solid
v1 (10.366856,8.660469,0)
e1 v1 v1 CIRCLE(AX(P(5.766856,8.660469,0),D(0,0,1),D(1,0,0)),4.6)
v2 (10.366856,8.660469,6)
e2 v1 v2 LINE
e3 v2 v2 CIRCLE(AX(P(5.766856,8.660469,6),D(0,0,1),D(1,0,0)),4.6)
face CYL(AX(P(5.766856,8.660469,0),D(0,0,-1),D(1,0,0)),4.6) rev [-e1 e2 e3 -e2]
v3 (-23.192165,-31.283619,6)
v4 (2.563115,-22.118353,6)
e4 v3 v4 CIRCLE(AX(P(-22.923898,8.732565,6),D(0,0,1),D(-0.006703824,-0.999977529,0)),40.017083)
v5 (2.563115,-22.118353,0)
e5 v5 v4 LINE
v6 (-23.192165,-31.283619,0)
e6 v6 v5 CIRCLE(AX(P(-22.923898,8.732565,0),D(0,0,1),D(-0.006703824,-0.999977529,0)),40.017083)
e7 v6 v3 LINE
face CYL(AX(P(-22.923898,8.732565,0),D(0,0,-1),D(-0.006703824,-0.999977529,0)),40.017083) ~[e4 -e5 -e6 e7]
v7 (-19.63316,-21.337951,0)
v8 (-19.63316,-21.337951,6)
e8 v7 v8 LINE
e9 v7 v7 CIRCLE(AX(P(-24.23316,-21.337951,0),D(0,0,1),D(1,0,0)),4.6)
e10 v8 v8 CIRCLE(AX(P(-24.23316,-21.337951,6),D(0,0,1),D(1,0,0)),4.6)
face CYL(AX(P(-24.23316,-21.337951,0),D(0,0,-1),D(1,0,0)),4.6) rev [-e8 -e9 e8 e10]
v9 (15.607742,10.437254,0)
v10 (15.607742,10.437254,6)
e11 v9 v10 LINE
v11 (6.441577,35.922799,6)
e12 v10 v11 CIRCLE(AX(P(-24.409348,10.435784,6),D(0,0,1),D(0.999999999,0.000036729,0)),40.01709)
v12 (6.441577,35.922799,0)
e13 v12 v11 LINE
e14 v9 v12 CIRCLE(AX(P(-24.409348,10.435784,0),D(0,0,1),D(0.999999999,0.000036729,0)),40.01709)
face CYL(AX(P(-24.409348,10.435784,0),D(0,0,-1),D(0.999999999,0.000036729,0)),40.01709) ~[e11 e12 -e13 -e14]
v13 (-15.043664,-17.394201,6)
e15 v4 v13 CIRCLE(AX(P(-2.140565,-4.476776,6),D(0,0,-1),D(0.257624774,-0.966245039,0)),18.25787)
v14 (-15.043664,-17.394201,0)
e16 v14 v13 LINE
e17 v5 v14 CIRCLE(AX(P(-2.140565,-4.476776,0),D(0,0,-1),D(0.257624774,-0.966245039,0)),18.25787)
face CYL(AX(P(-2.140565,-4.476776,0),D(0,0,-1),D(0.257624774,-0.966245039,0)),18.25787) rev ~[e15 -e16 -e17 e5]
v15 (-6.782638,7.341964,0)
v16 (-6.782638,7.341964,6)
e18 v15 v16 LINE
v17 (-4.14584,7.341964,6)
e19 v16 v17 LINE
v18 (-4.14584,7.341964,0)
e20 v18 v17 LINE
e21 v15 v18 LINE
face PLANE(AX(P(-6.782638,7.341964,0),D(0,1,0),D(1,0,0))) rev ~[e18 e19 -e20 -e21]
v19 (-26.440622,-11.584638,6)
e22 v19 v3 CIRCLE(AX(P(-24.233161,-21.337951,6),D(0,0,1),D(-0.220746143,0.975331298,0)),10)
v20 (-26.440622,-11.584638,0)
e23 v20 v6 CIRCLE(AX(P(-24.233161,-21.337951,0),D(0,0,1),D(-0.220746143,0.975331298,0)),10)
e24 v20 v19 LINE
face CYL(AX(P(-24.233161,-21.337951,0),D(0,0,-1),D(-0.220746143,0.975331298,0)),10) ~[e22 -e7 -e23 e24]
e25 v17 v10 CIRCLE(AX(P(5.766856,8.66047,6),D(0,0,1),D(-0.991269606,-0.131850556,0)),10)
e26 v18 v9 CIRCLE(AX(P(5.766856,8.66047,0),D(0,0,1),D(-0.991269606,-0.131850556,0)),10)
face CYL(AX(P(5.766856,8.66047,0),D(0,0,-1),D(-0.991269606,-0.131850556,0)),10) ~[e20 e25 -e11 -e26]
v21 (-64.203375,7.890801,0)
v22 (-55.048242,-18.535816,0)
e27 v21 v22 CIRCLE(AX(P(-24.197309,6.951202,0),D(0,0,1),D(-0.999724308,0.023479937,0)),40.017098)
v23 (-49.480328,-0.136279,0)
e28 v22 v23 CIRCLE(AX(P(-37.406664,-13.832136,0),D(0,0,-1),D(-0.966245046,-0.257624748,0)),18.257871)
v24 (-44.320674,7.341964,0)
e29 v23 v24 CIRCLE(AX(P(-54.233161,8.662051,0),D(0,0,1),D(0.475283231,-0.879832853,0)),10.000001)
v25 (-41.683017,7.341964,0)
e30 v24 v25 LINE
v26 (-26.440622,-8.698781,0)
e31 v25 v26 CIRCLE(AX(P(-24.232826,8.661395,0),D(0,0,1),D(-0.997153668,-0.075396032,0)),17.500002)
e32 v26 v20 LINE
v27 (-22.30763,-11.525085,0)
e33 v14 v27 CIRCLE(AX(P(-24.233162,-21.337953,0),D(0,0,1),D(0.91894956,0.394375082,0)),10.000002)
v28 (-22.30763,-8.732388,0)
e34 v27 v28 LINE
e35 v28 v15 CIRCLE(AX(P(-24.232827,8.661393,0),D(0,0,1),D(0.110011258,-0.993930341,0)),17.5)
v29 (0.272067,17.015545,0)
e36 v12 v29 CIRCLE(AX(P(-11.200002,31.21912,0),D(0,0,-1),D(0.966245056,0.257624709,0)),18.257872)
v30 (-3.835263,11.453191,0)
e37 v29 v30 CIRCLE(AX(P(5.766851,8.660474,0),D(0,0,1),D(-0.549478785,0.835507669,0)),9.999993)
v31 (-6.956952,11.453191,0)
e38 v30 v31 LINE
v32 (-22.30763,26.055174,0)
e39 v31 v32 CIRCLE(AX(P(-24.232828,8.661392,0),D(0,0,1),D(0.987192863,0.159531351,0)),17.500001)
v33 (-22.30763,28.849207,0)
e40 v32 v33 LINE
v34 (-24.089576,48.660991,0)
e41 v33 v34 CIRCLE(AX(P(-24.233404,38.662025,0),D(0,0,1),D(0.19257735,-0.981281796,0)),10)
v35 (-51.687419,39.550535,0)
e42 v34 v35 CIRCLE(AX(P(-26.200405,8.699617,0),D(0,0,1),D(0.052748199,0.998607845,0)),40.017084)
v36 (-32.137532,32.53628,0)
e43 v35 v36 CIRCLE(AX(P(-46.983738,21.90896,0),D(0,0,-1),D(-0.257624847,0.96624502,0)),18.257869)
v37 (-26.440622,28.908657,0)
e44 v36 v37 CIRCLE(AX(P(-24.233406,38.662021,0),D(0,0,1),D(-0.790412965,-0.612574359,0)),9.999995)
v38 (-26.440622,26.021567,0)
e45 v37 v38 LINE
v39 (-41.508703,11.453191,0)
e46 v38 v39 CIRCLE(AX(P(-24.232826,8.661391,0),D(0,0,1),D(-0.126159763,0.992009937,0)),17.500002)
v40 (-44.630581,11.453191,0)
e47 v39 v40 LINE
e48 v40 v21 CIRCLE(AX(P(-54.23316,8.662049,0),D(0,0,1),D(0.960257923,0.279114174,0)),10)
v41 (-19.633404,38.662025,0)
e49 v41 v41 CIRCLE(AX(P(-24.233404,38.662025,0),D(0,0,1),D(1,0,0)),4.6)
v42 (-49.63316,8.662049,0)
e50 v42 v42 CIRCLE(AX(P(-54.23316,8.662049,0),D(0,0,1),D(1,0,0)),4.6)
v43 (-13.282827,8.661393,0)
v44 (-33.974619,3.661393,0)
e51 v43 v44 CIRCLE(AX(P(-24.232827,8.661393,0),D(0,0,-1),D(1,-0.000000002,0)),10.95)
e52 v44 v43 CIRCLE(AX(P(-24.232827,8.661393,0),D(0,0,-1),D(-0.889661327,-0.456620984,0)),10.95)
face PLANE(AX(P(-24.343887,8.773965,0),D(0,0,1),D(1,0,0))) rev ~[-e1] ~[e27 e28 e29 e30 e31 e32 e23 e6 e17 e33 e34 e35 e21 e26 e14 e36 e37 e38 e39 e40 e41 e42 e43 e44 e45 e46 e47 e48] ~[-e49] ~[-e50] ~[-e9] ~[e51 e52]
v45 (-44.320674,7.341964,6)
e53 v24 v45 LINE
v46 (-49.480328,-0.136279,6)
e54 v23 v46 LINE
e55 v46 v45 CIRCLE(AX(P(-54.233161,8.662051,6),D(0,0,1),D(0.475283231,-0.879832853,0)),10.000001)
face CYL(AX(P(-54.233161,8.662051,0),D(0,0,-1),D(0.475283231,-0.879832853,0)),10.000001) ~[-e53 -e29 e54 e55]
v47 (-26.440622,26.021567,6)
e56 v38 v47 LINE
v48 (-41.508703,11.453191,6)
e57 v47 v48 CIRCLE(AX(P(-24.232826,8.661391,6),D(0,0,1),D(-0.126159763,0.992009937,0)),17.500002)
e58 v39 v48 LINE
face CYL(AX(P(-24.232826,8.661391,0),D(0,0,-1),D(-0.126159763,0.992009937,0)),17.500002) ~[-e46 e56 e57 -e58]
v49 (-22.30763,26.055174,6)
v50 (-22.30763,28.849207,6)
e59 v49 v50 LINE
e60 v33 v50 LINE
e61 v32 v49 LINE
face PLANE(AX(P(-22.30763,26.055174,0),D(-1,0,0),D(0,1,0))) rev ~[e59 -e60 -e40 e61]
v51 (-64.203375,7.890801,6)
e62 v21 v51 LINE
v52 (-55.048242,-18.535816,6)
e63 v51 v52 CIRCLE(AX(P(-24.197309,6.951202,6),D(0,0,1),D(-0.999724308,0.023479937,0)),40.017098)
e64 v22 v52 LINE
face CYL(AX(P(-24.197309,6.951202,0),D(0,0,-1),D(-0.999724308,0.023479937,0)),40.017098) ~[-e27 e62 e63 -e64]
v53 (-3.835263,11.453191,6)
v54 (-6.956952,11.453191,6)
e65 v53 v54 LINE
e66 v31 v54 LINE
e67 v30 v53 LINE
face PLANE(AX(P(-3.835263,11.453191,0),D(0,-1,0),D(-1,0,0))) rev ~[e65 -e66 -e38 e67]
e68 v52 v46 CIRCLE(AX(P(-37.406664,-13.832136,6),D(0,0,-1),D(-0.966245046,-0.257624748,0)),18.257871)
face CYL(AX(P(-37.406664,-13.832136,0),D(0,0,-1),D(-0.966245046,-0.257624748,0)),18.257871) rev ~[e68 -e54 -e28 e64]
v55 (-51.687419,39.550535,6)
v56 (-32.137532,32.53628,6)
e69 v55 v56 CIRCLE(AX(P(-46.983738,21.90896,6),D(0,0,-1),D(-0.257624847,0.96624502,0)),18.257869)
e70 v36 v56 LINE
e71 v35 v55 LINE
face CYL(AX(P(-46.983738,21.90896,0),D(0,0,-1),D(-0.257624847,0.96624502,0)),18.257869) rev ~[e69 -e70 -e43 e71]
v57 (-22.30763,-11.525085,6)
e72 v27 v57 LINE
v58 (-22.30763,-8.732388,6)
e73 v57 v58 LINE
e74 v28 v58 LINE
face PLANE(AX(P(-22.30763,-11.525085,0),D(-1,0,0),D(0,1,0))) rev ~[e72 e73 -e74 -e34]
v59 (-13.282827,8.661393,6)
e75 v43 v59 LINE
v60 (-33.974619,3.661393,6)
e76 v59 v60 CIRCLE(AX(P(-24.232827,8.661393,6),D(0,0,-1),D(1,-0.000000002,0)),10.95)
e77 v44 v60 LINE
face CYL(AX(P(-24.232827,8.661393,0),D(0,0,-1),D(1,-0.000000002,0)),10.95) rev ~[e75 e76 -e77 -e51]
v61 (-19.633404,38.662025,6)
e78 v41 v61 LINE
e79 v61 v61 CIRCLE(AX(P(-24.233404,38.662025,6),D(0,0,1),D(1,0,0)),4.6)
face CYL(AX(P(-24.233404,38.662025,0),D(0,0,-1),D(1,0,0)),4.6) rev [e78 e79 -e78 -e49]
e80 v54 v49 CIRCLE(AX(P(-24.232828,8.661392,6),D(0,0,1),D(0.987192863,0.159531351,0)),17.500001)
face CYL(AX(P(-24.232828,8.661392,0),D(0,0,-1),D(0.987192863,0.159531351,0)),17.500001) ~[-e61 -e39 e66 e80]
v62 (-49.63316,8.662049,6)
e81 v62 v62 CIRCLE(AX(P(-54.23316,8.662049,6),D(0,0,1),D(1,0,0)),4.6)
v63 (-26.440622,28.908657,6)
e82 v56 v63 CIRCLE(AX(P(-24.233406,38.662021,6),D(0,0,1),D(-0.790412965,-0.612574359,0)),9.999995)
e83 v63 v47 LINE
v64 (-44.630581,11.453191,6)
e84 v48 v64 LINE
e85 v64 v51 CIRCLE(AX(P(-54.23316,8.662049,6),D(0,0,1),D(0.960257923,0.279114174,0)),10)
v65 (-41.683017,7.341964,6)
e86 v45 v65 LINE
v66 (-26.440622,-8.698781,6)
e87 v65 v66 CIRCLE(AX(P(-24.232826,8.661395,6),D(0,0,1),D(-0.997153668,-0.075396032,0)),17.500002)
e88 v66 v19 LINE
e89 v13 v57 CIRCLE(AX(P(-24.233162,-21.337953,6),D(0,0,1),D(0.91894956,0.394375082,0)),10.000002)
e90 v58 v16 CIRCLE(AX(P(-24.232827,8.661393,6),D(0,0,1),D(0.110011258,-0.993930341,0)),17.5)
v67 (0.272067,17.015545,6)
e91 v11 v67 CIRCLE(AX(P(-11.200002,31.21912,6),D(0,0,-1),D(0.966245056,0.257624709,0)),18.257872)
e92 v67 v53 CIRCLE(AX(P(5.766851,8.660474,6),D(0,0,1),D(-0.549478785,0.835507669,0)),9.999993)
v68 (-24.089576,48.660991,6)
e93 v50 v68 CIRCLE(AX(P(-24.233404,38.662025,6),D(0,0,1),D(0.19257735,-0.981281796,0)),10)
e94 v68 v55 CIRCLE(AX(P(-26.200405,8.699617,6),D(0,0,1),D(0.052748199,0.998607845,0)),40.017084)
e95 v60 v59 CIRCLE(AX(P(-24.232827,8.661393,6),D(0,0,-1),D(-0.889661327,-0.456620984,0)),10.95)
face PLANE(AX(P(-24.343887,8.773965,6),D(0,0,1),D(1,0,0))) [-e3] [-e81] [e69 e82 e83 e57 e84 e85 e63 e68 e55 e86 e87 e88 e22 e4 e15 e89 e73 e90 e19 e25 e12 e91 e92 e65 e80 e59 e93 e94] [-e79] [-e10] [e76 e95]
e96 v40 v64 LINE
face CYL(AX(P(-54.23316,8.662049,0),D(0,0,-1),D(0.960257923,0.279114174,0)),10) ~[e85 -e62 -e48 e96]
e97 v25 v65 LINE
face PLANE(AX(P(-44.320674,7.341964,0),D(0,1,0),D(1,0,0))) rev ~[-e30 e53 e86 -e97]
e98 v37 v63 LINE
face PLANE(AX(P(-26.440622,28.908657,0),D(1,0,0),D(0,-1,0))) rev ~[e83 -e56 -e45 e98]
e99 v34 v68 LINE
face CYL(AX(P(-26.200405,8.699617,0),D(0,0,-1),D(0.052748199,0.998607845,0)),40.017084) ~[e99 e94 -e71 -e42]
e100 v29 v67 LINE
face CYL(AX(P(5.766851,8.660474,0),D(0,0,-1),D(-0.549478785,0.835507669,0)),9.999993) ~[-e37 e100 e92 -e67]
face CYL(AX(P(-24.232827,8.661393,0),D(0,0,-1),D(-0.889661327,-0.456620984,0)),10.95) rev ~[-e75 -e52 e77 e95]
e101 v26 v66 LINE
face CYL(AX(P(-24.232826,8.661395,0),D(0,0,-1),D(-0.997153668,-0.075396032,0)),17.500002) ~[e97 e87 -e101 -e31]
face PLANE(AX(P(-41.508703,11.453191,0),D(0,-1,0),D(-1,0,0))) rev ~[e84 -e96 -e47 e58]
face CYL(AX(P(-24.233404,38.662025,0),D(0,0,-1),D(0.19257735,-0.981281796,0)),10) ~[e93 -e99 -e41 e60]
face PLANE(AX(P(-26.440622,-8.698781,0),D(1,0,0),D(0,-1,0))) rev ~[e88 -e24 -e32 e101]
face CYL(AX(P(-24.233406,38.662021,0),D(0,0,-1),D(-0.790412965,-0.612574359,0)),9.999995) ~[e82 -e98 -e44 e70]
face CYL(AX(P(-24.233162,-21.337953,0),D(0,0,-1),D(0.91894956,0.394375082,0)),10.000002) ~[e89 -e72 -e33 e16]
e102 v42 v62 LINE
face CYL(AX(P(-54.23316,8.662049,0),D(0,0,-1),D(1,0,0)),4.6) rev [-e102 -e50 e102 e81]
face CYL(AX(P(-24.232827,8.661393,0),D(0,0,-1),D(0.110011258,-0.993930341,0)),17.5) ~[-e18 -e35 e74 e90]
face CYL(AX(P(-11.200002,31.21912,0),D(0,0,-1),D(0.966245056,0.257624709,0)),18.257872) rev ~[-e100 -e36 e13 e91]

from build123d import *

# Parameters (mm, degrees)
F0_R     = 4.6
F1_DEPTH = 6


with BuildPart() as f1:
    # F0 (on Top) → F1 (new body)
    with BuildSketch(Plane.XY):
        with BuildLine():
            Line((-3.835263, 11.453191), (-6.956952, 11.453191))
            ThreePointArc((-6.956952, 11.453191), (-12.171535, 21.34111), (-22.30763, 26.055174))
            Line((-22.30763, 26.055174), (-22.30763, 28.849207))
            ThreePointArc((-22.30763, 28.849207), (-14.273609, 39.557847), (-24.089576, 48.660991))
            ThreePointArc((-24.089576, 48.660991), (-38.744791, 46.699688), (-51.687419, 39.550535))
            ThreePointArc((-51.687419, 39.550535), (-40.817893, 39.09419), (-32.137532, 32.53628))
            ThreePointArc((-32.137532, 32.53628), (-29.6046, 30.226964), (-26.440622, 28.908657))
            Line((-26.440622, 28.908657), (-26.440622, 26.021567))
            ThreePointArc((-26.440622, 26.021567), (-36.396821, 21.242619), (-41.508703, 11.453191))
            Line((-41.508703, 11.453191), (-44.630581, 11.453191))
            ThreePointArc((-44.630581, 11.453191), (-56.023815, 18.500421), (-64.203375, 7.890801))
            ThreePointArc((-64.203375, 7.890801), (-62.00961, -6.148342), (-55.048242, -18.535816))
            ThreePointArc((-55.048242, -18.535816), (-54.881922, -8.54392), (-49.480328, -0.136279))
            ThreePointArc((-49.480328, -0.136279), (-46.002187, 2.983046), (-44.320674, 7.341964))
            Line((-44.320674, 7.341964), (-41.683017, 7.341964))
            ThreePointArc((-41.683017, 7.341964), (-36.918861, -3.393255), (-26.440622, -8.698781))
            Line((-26.440622, -8.698781), (-26.440622, -11.584638))
            ThreePointArc((-26.440622, -11.584638), (-34.099904, -22.965024), (-23.192165, -31.283619))
            ThreePointArc((-23.192165, -31.283619), (-9.507609, -28.968498), (2.563115, -22.118353))
            ThreePointArc((2.563115, -22.118353), (-6.872057, -22.110914), (-15.043664, -17.394201))
            ThreePointArc((-15.043664, -17.394201), (-17.94845, -13.559621), (-22.30763, -11.525085))
            Line((-22.30763, -11.525085), (-22.30763, -8.732388))
            ThreePointArc((-22.30763, -8.732388), (-11.64523, -3.496008), (-6.782638, 7.341964))
            Line((-6.782638, 7.341964), (-4.14584, 7.341964))
            ThreePointArc((-4.14584, 7.341964), (7.314918, -1.218979), (15.607742, 10.437254))
            ThreePointArc((15.607742, 10.437254), (13.246291, 23.979061), (6.441577, 35.922799))
            ThreePointArc((6.441577, 35.922799), (6.157192, 25.5554), (0.272067, 17.015545))
            ThreePointArc((0.272067, 17.015545), (-2.277652, 14.600662), (-3.835263, 11.453191))
        make_face()
        with Locations((-24.23316, -21.337951)):
            Circle(F0_R, mode=Mode.SUBTRACT)
        with Locations((-54.23316, 8.662049)):
            Circle(F0_R, mode=Mode.SUBTRACT)
        with BuildLine():
            ThreePointArc((-33.974619, 3.661393), (-26.80478, 19.305056), (-13.282827, 8.661393))
            ThreePointArc((-13.282827, 8.661393), (-21.660874, -1.98227), (-33.974619, 3.661393))
        make_face(mode=Mode.SUBTRACT)
        with Locations((5.766856, 8.660469)):
            Circle(F0_R, mode=Mode.SUBTRACT)
        with Locations((-24.233404, 38.662025)):
            Circle(F0_R, mode=Mode.SUBTRACT)
    extrude(amount=F1_DEPTH)


solid = f1.part
